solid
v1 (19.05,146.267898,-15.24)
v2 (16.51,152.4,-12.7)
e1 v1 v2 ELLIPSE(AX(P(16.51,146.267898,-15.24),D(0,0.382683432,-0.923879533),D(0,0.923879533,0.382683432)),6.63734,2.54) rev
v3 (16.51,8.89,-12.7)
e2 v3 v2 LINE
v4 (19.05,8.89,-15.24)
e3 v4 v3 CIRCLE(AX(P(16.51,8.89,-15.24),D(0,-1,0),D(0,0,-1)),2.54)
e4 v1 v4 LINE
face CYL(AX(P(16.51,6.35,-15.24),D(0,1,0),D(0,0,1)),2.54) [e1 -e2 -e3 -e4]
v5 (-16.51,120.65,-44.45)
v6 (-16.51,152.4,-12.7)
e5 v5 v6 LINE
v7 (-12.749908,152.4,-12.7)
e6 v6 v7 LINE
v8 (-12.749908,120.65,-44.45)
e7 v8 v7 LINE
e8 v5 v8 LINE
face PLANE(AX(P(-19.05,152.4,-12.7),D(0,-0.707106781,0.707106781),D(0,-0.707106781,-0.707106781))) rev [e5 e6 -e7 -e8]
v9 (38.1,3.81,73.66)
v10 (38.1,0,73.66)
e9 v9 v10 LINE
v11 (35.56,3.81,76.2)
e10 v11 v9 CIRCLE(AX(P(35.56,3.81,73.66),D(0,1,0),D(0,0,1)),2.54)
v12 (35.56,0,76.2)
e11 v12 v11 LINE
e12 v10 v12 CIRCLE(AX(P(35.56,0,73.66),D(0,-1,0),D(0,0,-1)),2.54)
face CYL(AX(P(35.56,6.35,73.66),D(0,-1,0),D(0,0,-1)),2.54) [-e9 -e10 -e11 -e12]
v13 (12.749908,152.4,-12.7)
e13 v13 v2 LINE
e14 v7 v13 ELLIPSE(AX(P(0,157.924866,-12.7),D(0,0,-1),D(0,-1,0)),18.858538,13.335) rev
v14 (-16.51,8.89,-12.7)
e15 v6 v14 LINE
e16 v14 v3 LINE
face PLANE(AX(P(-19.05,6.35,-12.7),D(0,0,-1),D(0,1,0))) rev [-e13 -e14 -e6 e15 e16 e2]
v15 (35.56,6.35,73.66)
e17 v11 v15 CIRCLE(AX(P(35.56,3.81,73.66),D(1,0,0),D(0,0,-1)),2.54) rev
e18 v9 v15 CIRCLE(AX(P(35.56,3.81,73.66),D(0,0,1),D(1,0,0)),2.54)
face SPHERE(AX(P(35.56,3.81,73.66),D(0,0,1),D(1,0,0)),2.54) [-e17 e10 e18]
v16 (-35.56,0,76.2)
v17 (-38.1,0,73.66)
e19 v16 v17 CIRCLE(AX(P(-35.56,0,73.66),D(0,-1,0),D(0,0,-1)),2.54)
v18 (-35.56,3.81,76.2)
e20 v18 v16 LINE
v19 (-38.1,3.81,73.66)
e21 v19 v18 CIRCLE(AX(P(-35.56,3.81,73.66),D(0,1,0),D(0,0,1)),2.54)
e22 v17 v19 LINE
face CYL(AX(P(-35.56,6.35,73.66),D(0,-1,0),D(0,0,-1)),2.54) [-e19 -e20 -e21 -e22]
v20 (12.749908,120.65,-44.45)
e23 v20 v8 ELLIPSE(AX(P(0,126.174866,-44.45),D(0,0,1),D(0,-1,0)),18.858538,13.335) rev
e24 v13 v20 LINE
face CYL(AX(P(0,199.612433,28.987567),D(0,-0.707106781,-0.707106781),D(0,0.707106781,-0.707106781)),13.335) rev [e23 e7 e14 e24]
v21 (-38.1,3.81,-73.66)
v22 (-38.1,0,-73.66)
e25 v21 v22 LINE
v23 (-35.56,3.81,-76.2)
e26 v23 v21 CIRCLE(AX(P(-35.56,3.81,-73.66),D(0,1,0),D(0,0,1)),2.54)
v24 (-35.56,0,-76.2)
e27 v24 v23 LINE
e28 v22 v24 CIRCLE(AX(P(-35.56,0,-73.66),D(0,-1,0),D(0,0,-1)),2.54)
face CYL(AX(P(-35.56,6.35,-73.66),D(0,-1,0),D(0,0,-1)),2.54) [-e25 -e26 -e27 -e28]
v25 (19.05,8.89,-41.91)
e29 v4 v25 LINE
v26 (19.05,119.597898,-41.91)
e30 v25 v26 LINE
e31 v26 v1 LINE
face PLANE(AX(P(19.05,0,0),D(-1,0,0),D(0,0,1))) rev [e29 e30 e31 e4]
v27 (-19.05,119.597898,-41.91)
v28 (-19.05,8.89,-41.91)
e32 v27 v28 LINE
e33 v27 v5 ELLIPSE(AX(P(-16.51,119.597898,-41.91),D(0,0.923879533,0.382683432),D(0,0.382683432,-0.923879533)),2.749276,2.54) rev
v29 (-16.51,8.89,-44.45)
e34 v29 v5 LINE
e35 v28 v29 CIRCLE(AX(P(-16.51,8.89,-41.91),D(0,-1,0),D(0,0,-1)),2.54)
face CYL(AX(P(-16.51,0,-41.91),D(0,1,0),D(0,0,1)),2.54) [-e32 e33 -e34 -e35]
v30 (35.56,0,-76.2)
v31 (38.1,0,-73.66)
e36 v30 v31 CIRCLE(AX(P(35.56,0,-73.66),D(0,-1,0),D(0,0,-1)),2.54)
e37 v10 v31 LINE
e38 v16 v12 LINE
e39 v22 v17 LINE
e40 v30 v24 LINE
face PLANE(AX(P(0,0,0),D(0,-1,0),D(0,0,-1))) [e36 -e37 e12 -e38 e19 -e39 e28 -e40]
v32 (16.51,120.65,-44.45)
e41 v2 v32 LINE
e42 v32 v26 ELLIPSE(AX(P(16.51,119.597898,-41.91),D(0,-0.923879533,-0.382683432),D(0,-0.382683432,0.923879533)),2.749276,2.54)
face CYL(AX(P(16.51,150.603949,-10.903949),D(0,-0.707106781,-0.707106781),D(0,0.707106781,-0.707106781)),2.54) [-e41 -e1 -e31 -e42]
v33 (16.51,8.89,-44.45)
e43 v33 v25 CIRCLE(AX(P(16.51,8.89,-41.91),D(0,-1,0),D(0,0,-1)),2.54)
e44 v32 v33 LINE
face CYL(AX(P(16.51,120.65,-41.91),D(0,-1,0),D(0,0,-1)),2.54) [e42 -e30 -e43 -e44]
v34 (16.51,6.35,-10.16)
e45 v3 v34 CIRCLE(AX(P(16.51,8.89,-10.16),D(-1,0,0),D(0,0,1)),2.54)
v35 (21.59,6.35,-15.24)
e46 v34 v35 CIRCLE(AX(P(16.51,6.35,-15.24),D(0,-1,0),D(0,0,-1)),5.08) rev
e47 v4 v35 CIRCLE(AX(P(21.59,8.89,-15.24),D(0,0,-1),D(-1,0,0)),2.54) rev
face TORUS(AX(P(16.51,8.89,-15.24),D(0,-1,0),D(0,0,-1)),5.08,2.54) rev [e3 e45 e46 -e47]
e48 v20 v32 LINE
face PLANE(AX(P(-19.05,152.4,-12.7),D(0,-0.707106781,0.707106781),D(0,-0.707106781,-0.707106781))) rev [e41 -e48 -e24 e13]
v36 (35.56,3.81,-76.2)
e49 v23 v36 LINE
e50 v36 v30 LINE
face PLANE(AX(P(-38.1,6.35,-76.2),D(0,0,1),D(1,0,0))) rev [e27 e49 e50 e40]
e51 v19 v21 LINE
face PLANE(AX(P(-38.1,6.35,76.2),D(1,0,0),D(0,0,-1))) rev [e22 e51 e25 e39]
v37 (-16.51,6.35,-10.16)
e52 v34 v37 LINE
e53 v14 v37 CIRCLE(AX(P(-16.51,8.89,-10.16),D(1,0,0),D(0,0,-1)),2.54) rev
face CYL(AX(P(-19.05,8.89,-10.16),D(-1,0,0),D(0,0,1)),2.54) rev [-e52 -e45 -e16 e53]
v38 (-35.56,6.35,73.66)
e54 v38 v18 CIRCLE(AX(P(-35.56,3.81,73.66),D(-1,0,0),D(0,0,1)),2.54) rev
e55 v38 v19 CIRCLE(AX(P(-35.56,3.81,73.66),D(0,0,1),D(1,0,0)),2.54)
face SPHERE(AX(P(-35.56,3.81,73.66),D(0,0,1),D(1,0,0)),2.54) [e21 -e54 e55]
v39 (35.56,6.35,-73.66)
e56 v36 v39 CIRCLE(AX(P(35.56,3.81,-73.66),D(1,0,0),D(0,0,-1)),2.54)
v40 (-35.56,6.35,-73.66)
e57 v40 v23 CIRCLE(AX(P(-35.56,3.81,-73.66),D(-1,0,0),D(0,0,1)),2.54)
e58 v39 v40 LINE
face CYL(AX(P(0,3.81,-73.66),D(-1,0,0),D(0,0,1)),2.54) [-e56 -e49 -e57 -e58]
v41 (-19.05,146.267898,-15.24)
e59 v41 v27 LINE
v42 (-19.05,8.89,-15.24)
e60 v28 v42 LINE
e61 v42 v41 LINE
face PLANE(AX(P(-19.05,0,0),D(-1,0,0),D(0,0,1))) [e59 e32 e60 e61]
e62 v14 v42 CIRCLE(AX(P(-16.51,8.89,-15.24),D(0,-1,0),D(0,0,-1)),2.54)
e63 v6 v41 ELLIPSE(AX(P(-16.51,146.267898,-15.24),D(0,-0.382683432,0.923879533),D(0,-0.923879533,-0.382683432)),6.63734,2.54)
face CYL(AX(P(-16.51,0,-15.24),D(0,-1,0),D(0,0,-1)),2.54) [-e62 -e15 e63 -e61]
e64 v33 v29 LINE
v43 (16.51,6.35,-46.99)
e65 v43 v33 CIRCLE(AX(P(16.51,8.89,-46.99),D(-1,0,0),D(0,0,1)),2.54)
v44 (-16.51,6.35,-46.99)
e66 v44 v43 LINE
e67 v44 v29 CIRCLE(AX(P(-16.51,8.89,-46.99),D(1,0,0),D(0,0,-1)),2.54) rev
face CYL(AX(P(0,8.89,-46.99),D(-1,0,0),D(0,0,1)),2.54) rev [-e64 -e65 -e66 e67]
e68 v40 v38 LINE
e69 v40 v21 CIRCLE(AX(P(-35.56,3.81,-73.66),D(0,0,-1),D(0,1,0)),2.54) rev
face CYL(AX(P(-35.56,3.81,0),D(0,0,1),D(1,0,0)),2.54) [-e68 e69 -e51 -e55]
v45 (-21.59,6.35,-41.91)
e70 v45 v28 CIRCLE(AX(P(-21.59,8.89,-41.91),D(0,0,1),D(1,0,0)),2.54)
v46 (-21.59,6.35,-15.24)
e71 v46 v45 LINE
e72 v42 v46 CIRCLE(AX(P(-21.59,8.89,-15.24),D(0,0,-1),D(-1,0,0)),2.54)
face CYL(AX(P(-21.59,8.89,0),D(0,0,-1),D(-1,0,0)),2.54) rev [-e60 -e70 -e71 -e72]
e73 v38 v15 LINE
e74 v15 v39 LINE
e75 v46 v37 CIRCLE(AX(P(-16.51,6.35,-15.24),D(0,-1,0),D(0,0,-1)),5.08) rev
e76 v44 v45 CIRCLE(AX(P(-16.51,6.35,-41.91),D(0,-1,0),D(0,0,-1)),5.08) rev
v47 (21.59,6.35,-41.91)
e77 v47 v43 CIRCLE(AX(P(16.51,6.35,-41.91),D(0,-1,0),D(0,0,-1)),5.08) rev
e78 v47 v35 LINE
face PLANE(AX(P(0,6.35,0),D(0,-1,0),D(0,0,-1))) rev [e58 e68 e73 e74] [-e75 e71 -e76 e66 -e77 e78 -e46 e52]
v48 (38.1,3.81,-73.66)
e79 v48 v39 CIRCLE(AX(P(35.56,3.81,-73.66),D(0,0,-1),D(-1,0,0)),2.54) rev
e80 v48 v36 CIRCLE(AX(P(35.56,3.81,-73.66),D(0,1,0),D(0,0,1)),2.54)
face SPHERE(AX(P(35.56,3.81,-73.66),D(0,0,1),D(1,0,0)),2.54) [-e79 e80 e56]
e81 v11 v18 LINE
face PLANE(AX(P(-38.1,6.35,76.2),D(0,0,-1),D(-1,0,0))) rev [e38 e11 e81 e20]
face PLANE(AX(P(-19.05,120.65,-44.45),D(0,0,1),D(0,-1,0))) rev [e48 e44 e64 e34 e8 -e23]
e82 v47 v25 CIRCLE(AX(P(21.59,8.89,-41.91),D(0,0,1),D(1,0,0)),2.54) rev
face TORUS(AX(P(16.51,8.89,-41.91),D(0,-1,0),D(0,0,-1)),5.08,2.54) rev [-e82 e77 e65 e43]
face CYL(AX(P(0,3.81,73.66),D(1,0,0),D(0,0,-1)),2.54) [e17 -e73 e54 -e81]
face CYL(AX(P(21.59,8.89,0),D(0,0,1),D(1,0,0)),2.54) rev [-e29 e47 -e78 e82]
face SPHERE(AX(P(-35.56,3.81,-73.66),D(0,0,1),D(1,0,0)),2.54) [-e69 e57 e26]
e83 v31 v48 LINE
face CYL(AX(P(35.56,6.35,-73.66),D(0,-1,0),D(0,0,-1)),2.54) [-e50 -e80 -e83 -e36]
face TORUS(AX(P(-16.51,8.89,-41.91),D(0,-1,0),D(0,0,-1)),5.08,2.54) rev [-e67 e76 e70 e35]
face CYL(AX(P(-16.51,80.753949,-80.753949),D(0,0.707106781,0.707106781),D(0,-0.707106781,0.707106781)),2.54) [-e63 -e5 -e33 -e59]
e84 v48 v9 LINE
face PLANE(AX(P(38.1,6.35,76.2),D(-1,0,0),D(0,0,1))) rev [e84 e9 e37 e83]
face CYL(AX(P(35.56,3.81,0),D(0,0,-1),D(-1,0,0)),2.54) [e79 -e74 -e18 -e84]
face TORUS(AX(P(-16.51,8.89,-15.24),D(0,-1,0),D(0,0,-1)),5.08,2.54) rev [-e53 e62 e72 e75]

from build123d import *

# Parameters (mm, degrees)
SKETCH1_W                = 76.2
SKETCH1_H                = 152.4
BOSS_EXTRUDE1_DEPTH      = 6.35
BOSS_EXTRUDE2_DEPTH      = 19.05
BOSS_EXTRUDE2_DEPTH_BACK = 19.05
SKETCH4_R                = 13.335
CUT_EXTRUDE1_DEPTH       = 175.596133978
FILLET1_R                = 2.54


with BuildPart() as part:
    # Sketch1 → Boss-Extrude1 (new body)
    with BuildSketch(Plane(origin=(0, 0, 0), x_dir=(1, 0, 0), z_dir=(0, 1, 0))):
        Rectangle(SKETCH1_W, SKETCH1_H)
    extrude(amount=BOSS_EXTRUDE1_DEPTH)

    # Sketch3 → Boss-Extrude2 (add, two sides: drawn at the far end of the back side and taken through both)
    with BuildSketch(Plane(origin=(0, 0, 0), x_dir=(0, 0, -1), z_dir=(1, 0, 0)).offset(-BOSS_EXTRUDE2_DEPTH_BACK)):
        Polygon((12.7, 6.35), (12.7, 152.4), (44.45, 120.65), (44.45, 6.35), align=None)
    extrude(amount=BOSS_EXTRUDE2_DEPTH + BOSS_EXTRUDE2_DEPTH_BACK)

    # Sketch4 → Cut-Extrude1 (cut, through all)
    with BuildSketch(Plane(origin=(0, 0, 0), x_dir=(1, 0, 0), z_dir=(0, 0.7071067811865486, 0.7071067811865465))):
        with Locations((0, 120.65)):
            Circle(SKETCH4_R)
    extrude(amount=CUT_EXTRUDE1_DEPTH, mode=Mode.SUBTRACT)

    # Fillet1
    fillet1_edges = [part.edges().sort_by_distance(p)[0] for p in [
        (-38.1, 6.35, 0),
        (0, 6.35, -44.45),
        (-19.05, 6.35, -28.575),
        (0, 6.35, -12.7),
        (19.05, 79.375, -12.7),
        (19.05, 136.525, -28.575),
        (0, 6.35, 76.2),
        (19.05, 63.5, -44.45),
        (-19.05, 79.375, -12.7),
        (-19.05, 136.525, -28.575),
        (-19.05, 63.5, -44.45),
        (19.05, 6.35, -28.575),
        (38.1, 6.35, 0),
        (38.1, 3.175, 76.2),
        (-38.1, 3.175, 76.2),
        (-38.1, 3.175, -76.2),
        (38.1, 3.175, -76.2),
        (0, 6.35, -76.2),
    ]]
    fillet(fillet1_edges, radius=FILLET1_R)


solid = part.part
